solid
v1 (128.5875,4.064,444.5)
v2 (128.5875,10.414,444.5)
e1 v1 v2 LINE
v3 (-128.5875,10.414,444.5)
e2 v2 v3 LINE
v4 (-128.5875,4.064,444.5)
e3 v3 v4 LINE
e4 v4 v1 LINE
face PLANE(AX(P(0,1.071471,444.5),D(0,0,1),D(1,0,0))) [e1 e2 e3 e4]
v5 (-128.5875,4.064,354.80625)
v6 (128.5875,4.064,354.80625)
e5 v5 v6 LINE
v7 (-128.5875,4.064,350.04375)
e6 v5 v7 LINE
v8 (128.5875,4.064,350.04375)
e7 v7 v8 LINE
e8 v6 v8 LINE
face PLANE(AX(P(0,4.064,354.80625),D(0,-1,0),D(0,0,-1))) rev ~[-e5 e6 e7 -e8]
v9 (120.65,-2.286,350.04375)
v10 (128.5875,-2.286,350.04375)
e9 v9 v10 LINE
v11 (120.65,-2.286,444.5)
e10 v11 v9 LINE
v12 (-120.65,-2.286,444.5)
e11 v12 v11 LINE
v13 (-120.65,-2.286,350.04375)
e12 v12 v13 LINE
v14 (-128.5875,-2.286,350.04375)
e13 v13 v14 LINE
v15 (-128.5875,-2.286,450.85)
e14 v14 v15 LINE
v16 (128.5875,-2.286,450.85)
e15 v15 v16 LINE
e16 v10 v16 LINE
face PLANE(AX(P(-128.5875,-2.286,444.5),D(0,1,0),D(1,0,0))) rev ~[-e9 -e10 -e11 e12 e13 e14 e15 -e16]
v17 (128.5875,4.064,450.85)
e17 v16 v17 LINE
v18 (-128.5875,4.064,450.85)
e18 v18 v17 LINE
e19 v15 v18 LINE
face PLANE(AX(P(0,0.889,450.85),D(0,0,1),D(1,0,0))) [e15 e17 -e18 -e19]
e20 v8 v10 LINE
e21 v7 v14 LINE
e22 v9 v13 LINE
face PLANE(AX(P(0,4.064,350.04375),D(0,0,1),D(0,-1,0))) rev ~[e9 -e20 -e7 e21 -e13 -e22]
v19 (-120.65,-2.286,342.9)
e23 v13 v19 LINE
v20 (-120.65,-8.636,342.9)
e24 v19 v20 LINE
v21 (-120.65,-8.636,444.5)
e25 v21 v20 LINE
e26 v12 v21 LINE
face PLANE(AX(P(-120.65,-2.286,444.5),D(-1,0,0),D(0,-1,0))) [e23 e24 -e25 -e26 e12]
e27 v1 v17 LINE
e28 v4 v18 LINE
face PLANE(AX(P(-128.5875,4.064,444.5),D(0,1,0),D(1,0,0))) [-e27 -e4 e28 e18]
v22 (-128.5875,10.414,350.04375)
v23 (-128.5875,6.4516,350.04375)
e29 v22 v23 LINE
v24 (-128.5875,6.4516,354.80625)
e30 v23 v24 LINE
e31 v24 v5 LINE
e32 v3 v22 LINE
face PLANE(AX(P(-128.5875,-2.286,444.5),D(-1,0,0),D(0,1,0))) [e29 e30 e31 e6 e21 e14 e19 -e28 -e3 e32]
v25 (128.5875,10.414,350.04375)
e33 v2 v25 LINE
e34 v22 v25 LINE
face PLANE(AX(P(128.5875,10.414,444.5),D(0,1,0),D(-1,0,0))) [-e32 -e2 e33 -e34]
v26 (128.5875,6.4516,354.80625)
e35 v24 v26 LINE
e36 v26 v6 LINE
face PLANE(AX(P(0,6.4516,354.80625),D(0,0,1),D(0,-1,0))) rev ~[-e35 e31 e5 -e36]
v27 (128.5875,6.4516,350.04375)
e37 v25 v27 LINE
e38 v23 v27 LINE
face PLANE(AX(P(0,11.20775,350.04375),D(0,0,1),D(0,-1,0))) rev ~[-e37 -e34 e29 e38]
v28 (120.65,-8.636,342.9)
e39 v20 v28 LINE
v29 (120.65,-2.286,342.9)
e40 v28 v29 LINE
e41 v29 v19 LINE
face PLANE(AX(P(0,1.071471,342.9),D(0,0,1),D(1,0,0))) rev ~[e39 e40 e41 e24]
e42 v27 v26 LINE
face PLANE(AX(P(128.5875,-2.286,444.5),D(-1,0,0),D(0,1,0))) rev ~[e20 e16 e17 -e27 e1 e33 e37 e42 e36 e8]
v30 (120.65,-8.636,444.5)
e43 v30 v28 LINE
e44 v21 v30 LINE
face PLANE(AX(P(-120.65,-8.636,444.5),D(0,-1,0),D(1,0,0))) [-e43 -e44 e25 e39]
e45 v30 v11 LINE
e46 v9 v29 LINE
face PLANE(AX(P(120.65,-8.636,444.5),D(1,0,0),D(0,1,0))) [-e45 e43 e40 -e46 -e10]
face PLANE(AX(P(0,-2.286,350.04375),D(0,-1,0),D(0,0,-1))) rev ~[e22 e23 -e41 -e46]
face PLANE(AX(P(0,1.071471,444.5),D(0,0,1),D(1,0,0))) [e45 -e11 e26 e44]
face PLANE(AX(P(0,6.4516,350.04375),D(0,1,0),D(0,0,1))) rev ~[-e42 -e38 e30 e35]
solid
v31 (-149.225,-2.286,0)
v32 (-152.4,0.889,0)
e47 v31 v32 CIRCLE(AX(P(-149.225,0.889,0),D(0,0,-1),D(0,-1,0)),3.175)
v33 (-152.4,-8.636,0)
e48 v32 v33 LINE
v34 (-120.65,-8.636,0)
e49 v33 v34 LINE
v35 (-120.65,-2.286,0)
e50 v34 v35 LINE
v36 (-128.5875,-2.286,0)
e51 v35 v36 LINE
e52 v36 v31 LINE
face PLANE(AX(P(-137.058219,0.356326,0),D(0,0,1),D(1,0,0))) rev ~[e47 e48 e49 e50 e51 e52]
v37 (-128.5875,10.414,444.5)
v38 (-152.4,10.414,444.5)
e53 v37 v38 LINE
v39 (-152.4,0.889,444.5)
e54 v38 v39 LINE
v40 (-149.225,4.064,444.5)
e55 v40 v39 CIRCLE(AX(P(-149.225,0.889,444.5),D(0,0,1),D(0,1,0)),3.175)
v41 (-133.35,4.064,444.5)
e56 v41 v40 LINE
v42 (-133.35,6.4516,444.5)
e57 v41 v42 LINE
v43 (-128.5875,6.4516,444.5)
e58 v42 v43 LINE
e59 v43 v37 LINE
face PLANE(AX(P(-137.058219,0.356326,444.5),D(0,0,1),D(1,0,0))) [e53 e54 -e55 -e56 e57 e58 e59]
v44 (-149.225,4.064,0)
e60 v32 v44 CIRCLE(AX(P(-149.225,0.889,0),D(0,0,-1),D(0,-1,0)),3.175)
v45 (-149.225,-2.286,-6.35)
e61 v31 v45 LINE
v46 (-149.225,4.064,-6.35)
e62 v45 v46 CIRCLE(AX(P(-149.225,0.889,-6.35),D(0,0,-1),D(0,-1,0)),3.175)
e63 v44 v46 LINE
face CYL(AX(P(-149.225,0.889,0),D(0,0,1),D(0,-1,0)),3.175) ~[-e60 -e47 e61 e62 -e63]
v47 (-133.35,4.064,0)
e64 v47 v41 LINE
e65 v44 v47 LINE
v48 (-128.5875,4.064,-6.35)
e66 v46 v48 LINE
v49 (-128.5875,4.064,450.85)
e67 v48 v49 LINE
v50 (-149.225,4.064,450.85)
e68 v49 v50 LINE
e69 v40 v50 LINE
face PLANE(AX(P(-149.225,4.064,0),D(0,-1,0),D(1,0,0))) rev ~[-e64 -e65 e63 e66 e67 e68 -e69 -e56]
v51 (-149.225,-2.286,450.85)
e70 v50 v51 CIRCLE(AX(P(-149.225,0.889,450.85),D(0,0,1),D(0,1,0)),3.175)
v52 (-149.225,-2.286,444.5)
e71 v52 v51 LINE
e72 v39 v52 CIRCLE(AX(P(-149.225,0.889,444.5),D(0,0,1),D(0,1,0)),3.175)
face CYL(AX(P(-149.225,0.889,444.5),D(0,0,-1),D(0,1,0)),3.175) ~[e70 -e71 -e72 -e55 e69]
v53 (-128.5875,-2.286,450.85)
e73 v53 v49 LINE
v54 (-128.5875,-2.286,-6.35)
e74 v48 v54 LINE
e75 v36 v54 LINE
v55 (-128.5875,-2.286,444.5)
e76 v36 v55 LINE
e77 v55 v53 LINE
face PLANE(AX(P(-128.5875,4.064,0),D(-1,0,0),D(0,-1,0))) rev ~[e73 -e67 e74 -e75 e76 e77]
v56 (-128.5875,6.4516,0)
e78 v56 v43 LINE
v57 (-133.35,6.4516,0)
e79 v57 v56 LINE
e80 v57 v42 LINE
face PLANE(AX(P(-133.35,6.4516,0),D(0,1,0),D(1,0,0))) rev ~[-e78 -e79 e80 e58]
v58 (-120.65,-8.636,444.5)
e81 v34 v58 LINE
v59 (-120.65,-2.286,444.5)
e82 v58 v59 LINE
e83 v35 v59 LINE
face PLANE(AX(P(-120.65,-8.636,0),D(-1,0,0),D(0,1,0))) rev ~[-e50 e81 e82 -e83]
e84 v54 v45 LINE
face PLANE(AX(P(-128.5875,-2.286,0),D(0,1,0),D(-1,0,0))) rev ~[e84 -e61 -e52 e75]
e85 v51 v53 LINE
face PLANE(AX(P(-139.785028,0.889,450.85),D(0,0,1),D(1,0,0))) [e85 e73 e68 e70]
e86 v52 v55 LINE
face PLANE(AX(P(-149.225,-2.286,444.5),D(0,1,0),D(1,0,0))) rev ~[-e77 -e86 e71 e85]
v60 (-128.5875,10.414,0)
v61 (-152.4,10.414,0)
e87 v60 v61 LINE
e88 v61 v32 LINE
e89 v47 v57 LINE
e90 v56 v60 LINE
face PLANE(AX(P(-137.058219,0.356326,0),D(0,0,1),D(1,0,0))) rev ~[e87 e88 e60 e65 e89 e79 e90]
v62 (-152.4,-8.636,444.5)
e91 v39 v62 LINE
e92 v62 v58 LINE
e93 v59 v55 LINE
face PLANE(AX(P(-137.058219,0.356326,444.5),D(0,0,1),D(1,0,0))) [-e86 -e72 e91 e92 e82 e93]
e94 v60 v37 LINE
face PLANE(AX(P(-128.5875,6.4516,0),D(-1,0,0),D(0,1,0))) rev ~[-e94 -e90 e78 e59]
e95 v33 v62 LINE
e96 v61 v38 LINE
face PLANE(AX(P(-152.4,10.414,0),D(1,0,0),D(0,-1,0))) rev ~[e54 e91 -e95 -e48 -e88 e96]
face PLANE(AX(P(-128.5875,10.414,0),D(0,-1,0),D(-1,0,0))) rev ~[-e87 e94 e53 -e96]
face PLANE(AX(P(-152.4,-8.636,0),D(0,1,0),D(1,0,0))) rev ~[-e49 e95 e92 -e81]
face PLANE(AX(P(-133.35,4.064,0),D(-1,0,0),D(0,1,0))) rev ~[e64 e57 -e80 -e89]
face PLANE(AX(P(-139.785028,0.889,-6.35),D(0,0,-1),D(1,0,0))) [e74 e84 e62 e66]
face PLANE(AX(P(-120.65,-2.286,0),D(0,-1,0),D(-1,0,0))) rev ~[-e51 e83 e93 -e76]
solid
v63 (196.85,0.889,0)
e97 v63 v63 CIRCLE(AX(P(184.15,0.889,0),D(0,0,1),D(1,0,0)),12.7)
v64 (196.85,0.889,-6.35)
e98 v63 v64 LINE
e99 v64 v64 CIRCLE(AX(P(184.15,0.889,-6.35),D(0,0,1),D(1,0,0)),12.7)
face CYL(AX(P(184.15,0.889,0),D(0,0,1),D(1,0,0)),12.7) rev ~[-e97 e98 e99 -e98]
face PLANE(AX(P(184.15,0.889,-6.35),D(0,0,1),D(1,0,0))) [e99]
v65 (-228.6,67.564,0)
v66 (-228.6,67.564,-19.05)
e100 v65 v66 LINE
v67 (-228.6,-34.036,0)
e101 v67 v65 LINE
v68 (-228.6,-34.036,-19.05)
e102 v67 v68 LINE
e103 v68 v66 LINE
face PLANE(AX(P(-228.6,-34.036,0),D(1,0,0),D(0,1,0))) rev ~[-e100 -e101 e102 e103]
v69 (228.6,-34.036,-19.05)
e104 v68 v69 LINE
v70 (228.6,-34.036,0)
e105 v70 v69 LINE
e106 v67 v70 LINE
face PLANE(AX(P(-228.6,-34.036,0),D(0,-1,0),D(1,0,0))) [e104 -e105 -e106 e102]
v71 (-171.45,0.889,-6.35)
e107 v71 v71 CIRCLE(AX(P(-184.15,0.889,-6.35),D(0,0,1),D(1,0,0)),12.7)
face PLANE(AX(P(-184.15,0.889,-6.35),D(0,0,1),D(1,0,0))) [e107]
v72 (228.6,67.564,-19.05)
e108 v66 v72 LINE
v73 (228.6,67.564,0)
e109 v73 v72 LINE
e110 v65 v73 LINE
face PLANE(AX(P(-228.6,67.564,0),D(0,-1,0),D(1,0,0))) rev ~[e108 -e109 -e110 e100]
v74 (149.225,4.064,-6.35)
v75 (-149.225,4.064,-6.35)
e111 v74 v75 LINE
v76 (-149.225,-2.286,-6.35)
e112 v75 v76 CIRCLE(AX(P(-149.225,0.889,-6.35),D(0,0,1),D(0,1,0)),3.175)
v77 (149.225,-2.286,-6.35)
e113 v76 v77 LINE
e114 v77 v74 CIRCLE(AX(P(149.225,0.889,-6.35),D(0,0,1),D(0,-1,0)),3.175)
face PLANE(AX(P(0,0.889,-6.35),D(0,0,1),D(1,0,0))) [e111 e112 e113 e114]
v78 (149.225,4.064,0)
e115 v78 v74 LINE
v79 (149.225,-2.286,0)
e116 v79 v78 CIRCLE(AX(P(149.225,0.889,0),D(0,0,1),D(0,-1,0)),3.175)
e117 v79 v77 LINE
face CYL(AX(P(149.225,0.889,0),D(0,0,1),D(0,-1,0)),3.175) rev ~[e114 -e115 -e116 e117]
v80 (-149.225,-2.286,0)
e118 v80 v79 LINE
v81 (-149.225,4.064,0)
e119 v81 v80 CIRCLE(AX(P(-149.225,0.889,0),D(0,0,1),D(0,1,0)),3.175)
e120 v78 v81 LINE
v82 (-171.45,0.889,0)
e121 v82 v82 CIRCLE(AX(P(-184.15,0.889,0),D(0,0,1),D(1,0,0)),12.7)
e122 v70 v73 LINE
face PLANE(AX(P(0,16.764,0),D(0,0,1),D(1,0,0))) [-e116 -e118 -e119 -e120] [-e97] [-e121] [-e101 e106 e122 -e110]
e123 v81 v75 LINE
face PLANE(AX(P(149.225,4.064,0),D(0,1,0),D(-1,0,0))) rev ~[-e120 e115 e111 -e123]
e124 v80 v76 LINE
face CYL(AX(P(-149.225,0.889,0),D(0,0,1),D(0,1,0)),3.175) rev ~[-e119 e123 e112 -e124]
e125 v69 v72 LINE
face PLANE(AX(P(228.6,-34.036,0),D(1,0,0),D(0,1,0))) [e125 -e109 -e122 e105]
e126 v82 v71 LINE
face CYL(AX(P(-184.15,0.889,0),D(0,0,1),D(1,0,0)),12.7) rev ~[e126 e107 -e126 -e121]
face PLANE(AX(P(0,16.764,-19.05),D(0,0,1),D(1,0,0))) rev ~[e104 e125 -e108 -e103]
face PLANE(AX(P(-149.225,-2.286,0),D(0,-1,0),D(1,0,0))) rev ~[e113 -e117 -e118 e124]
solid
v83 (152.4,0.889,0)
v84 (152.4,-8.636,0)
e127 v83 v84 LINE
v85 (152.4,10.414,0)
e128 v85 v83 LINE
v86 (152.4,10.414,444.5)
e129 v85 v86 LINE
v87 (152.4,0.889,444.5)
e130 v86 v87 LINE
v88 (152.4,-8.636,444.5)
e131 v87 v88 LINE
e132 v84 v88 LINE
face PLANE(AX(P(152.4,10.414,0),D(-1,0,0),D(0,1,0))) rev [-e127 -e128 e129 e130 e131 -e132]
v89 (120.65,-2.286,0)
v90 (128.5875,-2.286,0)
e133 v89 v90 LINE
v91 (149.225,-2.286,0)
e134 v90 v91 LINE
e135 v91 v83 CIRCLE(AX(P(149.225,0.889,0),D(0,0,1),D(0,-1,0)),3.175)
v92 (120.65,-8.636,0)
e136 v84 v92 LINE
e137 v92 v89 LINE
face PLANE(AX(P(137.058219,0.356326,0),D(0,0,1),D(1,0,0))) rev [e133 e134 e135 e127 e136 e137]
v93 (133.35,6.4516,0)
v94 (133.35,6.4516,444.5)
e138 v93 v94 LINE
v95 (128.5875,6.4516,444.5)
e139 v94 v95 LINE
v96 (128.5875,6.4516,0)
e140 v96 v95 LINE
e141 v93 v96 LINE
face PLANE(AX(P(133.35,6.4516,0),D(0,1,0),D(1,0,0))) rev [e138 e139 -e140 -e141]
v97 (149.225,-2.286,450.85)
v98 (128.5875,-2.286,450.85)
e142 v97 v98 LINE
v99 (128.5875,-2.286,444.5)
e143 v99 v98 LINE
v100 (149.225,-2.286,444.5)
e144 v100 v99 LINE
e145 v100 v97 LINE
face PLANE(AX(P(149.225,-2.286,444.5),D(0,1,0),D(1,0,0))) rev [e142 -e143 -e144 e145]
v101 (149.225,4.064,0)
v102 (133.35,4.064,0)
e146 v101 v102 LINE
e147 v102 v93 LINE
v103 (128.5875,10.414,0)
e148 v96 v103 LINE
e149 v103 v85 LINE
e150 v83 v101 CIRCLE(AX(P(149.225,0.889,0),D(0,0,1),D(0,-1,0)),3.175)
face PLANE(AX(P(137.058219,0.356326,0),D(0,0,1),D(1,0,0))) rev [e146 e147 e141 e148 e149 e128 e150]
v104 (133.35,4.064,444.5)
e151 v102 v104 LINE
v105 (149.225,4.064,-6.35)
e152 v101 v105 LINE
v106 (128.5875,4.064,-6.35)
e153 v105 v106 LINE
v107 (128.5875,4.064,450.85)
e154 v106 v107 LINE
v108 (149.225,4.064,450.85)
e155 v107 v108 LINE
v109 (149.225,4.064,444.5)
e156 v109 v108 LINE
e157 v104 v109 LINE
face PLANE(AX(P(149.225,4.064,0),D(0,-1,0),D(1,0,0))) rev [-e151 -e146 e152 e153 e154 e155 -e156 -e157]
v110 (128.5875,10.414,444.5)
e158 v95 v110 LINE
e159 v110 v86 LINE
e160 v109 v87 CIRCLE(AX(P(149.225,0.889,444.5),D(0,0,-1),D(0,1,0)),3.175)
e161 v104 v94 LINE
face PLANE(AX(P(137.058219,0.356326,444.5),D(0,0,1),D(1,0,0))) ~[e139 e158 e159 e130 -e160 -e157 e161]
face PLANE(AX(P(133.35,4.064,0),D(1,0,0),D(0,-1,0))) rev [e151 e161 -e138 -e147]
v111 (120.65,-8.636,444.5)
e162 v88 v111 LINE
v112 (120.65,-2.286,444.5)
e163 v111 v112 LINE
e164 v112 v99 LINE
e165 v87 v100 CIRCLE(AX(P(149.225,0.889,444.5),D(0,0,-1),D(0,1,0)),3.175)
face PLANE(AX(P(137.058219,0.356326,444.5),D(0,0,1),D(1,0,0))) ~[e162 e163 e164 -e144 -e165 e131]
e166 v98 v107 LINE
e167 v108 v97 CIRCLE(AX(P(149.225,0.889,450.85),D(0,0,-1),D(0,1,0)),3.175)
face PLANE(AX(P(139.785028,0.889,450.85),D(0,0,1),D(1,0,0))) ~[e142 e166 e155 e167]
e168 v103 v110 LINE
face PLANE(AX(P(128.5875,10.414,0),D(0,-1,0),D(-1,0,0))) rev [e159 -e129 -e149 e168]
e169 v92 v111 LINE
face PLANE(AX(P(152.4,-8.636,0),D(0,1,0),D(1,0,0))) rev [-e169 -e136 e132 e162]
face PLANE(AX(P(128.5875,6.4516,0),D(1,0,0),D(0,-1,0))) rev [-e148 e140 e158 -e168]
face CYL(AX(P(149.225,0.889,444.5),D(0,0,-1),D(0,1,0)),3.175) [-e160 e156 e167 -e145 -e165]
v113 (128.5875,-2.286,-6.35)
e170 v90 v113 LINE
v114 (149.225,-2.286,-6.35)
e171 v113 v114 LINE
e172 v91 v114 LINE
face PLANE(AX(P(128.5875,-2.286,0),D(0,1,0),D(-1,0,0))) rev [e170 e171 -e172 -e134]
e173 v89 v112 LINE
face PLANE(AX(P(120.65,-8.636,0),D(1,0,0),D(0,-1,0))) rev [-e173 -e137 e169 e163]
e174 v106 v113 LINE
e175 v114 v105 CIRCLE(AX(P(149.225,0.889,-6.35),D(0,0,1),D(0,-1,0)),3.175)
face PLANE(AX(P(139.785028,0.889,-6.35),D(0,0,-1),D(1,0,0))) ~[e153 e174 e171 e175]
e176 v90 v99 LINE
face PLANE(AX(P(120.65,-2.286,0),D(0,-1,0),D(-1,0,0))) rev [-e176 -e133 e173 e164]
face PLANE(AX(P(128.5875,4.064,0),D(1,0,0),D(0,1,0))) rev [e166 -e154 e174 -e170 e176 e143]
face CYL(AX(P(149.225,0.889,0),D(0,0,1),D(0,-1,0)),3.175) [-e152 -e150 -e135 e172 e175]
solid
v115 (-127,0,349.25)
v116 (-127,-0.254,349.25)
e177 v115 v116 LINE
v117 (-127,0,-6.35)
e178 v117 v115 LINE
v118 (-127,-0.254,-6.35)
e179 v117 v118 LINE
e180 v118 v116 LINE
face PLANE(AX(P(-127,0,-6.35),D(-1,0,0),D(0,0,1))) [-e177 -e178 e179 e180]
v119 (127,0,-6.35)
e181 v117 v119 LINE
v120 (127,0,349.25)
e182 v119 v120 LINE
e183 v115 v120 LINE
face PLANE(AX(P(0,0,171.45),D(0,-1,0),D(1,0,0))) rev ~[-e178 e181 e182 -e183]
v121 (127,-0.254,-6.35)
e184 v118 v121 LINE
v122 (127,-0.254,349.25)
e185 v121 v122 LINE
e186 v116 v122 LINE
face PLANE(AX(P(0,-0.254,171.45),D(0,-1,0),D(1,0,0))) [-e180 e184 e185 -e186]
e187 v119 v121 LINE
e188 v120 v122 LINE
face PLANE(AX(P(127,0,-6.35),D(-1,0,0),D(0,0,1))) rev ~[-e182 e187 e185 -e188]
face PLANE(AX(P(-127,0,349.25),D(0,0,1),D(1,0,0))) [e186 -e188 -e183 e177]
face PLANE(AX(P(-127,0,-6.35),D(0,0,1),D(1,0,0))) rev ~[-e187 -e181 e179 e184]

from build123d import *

# Parameters (mm, degrees)
F0_W           = 254
F0_H           = 355.6
F1_DEPTH       = 0.254
F3_DEPTH       = 444.5
F6_DEPTH       = 6.35
F8_DEPTH       = 6.35
F11_DEPTH      = 101.6
F13_DEPTH      = 128.5875
F13_DEPTH_BACK = 128.5875
F14_W          = 257.175
F14_H          = 6.35
F15_DEPTH      = 6.35
F17_W          = 457.2
F17_H          = 101.6
F18_DEPTH      = 19.05
F19_R          = 12.7
F20_DEPTH      = 6.35
F22_DEPTH      = 6.35


with BuildPart() as f1:
    # F0 (on Front) → F1 (new body)
    with BuildSketch(Plane.XZ):
        with Locations((0, 171.45)):
            Rectangle(F0_W, F0_H)
    extrude(amount=F1_DEPTH)


with BuildPart() as f3:
    # F2 (on Top) → F3 (new body)
    with BuildSketch(Plane.XY):
        Polygon((-120.65, -2.286), (-128.5875, -2.286), (-128.5875, 4.064), (-133.35, 4.064), (-133.35, 6.4516), (-128.5875, 6.4516), (-128.5875, 10.414), (-152.4, 10.414), (-152.4, -8.636), (-120.65, -8.636), align=None)
    extrude(amount=F3_DEPTH)


with BuildPart() as f4_1:
    # F4: instance of F3
    add(f3.part.mirror(Plane.YZ))


with BuildPart() as f3_1:
    add(f3.part)

    # F5 (on face) → F6 (join)
    with BuildSketch(Plane.XY.offset(444.5)):
        with BuildLine():
            Line((-128.5875, -2.286), (-128.5875, 4.064))
            Line((-128.5875, 4.064), (-149.225, 4.064))
            ThreePointArc((-149.225, 4.064), (-152.4, 0.889), (-149.225, -2.286))
            Line((-149.225, -2.286), (-128.5875, -2.286))
        make_face()
    extrude(amount=F6_DEPTH)

    # F7 (on face) → F8 (join)
    with BuildSketch(Plane(origin=(0, 0, 0), x_dir=(1, 0, 0), z_dir=(0, 0, -1))):
        with BuildLine():
            Line((-128.5875, -4.064), (-128.5875, 2.286))
            Line((-128.5875, 2.286), (-149.225, 2.286))
            ThreePointArc((-149.225, 2.286), (-152.4, -0.889), (-149.225, -4.064))
            Line((-149.225, -4.064), (-128.5875, -4.064))
        make_face()
    extrude(amount=F8_DEPTH)


with BuildPart() as f11:
    # F10 (on face) → F11 (new body)
    with BuildSketch(Plane.XY.offset(444.5)):
        Polygon((-128.5875, 10.414), (-128.5875, -2.286), (-120.65, -2.286), (-120.65, -8.636), (0, -8.636), (120.65, -8.636), (120.65, -2.286), (128.5875, -2.286), (128.5875, 10.414), (0, 10.414), align=None)
    extrude(amount=-F11_DEPTH)

    # F12 (on Right) → F13 (cut, two sides)
    with BuildSketch(Plane.YZ) as f13_sk:
        Polygon((-2.286, 350.04375), (-2.286, 342.10625), (11.20775, 342.10625), (11.20775, 350.04375), (6.4516, 350.04375), (6.4516, 354.80625), (4.064, 354.80625), (4.064, 350.04375), align=None)
    extrude(amount=-F13_DEPTH, mode=Mode.SUBTRACT)
    extrude(f13_sk.sketch, amount=F13_DEPTH_BACK, mode=Mode.SUBTRACT)

    # F14 (on face) → F15 (join)
    with BuildSketch(Plane.XY.offset(444.5)):
        with Locations((0, 0.889)):
            Rectangle(F14_W, F14_H)
    extrude(amount=F15_DEPTH)


with BuildPart() as f16_1:
    # F16: instance of F3
    add(f3_1.part.mirror(Plane.YZ))


with BuildPart() as f18:
    # F17 (on Top) → F18 (new body)
    with BuildSketch(Plane.XY):
        with Locations((0, 16.764)):
            Rectangle(F17_W, F17_H)
    extrude(amount=-F18_DEPTH)

    # F19 (on face) → F20 (cut)
    with BuildSketch(Plane.XY):
        with Locations((-184.15, 0.889)):
            Circle(F19_R)
        with Locations((184.15, 0.889)):
            Circle(F19_R)
    extrude(amount=-F20_DEPTH, mode=Mode.SUBTRACT)

    # F21 (on face) → F22 (cut)
    with BuildSketch(Plane.XY):
        with BuildLine():
            Line((0, 4.064), (-149.225, 4.064))
            ThreePointArc((-149.225, 4.064), (-152.4, 0.889), (-149.225, -2.286))
            Line((-149.225, -2.286), (0, -2.286))
            Line((0, -2.286), (149.225, -2.286))
            ThreePointArc((149.225, -2.286), (152.4, 0.889), (149.225, 4.064))
            Line((149.225, 4.064), (0, 4.064))
        make_face()
    extrude(amount=-F22_DEPTH, mode=Mode.SUBTRACT)


solid = Compound([f1.part, f3_1.part, f11.part, f16_1.part, f18.part])
